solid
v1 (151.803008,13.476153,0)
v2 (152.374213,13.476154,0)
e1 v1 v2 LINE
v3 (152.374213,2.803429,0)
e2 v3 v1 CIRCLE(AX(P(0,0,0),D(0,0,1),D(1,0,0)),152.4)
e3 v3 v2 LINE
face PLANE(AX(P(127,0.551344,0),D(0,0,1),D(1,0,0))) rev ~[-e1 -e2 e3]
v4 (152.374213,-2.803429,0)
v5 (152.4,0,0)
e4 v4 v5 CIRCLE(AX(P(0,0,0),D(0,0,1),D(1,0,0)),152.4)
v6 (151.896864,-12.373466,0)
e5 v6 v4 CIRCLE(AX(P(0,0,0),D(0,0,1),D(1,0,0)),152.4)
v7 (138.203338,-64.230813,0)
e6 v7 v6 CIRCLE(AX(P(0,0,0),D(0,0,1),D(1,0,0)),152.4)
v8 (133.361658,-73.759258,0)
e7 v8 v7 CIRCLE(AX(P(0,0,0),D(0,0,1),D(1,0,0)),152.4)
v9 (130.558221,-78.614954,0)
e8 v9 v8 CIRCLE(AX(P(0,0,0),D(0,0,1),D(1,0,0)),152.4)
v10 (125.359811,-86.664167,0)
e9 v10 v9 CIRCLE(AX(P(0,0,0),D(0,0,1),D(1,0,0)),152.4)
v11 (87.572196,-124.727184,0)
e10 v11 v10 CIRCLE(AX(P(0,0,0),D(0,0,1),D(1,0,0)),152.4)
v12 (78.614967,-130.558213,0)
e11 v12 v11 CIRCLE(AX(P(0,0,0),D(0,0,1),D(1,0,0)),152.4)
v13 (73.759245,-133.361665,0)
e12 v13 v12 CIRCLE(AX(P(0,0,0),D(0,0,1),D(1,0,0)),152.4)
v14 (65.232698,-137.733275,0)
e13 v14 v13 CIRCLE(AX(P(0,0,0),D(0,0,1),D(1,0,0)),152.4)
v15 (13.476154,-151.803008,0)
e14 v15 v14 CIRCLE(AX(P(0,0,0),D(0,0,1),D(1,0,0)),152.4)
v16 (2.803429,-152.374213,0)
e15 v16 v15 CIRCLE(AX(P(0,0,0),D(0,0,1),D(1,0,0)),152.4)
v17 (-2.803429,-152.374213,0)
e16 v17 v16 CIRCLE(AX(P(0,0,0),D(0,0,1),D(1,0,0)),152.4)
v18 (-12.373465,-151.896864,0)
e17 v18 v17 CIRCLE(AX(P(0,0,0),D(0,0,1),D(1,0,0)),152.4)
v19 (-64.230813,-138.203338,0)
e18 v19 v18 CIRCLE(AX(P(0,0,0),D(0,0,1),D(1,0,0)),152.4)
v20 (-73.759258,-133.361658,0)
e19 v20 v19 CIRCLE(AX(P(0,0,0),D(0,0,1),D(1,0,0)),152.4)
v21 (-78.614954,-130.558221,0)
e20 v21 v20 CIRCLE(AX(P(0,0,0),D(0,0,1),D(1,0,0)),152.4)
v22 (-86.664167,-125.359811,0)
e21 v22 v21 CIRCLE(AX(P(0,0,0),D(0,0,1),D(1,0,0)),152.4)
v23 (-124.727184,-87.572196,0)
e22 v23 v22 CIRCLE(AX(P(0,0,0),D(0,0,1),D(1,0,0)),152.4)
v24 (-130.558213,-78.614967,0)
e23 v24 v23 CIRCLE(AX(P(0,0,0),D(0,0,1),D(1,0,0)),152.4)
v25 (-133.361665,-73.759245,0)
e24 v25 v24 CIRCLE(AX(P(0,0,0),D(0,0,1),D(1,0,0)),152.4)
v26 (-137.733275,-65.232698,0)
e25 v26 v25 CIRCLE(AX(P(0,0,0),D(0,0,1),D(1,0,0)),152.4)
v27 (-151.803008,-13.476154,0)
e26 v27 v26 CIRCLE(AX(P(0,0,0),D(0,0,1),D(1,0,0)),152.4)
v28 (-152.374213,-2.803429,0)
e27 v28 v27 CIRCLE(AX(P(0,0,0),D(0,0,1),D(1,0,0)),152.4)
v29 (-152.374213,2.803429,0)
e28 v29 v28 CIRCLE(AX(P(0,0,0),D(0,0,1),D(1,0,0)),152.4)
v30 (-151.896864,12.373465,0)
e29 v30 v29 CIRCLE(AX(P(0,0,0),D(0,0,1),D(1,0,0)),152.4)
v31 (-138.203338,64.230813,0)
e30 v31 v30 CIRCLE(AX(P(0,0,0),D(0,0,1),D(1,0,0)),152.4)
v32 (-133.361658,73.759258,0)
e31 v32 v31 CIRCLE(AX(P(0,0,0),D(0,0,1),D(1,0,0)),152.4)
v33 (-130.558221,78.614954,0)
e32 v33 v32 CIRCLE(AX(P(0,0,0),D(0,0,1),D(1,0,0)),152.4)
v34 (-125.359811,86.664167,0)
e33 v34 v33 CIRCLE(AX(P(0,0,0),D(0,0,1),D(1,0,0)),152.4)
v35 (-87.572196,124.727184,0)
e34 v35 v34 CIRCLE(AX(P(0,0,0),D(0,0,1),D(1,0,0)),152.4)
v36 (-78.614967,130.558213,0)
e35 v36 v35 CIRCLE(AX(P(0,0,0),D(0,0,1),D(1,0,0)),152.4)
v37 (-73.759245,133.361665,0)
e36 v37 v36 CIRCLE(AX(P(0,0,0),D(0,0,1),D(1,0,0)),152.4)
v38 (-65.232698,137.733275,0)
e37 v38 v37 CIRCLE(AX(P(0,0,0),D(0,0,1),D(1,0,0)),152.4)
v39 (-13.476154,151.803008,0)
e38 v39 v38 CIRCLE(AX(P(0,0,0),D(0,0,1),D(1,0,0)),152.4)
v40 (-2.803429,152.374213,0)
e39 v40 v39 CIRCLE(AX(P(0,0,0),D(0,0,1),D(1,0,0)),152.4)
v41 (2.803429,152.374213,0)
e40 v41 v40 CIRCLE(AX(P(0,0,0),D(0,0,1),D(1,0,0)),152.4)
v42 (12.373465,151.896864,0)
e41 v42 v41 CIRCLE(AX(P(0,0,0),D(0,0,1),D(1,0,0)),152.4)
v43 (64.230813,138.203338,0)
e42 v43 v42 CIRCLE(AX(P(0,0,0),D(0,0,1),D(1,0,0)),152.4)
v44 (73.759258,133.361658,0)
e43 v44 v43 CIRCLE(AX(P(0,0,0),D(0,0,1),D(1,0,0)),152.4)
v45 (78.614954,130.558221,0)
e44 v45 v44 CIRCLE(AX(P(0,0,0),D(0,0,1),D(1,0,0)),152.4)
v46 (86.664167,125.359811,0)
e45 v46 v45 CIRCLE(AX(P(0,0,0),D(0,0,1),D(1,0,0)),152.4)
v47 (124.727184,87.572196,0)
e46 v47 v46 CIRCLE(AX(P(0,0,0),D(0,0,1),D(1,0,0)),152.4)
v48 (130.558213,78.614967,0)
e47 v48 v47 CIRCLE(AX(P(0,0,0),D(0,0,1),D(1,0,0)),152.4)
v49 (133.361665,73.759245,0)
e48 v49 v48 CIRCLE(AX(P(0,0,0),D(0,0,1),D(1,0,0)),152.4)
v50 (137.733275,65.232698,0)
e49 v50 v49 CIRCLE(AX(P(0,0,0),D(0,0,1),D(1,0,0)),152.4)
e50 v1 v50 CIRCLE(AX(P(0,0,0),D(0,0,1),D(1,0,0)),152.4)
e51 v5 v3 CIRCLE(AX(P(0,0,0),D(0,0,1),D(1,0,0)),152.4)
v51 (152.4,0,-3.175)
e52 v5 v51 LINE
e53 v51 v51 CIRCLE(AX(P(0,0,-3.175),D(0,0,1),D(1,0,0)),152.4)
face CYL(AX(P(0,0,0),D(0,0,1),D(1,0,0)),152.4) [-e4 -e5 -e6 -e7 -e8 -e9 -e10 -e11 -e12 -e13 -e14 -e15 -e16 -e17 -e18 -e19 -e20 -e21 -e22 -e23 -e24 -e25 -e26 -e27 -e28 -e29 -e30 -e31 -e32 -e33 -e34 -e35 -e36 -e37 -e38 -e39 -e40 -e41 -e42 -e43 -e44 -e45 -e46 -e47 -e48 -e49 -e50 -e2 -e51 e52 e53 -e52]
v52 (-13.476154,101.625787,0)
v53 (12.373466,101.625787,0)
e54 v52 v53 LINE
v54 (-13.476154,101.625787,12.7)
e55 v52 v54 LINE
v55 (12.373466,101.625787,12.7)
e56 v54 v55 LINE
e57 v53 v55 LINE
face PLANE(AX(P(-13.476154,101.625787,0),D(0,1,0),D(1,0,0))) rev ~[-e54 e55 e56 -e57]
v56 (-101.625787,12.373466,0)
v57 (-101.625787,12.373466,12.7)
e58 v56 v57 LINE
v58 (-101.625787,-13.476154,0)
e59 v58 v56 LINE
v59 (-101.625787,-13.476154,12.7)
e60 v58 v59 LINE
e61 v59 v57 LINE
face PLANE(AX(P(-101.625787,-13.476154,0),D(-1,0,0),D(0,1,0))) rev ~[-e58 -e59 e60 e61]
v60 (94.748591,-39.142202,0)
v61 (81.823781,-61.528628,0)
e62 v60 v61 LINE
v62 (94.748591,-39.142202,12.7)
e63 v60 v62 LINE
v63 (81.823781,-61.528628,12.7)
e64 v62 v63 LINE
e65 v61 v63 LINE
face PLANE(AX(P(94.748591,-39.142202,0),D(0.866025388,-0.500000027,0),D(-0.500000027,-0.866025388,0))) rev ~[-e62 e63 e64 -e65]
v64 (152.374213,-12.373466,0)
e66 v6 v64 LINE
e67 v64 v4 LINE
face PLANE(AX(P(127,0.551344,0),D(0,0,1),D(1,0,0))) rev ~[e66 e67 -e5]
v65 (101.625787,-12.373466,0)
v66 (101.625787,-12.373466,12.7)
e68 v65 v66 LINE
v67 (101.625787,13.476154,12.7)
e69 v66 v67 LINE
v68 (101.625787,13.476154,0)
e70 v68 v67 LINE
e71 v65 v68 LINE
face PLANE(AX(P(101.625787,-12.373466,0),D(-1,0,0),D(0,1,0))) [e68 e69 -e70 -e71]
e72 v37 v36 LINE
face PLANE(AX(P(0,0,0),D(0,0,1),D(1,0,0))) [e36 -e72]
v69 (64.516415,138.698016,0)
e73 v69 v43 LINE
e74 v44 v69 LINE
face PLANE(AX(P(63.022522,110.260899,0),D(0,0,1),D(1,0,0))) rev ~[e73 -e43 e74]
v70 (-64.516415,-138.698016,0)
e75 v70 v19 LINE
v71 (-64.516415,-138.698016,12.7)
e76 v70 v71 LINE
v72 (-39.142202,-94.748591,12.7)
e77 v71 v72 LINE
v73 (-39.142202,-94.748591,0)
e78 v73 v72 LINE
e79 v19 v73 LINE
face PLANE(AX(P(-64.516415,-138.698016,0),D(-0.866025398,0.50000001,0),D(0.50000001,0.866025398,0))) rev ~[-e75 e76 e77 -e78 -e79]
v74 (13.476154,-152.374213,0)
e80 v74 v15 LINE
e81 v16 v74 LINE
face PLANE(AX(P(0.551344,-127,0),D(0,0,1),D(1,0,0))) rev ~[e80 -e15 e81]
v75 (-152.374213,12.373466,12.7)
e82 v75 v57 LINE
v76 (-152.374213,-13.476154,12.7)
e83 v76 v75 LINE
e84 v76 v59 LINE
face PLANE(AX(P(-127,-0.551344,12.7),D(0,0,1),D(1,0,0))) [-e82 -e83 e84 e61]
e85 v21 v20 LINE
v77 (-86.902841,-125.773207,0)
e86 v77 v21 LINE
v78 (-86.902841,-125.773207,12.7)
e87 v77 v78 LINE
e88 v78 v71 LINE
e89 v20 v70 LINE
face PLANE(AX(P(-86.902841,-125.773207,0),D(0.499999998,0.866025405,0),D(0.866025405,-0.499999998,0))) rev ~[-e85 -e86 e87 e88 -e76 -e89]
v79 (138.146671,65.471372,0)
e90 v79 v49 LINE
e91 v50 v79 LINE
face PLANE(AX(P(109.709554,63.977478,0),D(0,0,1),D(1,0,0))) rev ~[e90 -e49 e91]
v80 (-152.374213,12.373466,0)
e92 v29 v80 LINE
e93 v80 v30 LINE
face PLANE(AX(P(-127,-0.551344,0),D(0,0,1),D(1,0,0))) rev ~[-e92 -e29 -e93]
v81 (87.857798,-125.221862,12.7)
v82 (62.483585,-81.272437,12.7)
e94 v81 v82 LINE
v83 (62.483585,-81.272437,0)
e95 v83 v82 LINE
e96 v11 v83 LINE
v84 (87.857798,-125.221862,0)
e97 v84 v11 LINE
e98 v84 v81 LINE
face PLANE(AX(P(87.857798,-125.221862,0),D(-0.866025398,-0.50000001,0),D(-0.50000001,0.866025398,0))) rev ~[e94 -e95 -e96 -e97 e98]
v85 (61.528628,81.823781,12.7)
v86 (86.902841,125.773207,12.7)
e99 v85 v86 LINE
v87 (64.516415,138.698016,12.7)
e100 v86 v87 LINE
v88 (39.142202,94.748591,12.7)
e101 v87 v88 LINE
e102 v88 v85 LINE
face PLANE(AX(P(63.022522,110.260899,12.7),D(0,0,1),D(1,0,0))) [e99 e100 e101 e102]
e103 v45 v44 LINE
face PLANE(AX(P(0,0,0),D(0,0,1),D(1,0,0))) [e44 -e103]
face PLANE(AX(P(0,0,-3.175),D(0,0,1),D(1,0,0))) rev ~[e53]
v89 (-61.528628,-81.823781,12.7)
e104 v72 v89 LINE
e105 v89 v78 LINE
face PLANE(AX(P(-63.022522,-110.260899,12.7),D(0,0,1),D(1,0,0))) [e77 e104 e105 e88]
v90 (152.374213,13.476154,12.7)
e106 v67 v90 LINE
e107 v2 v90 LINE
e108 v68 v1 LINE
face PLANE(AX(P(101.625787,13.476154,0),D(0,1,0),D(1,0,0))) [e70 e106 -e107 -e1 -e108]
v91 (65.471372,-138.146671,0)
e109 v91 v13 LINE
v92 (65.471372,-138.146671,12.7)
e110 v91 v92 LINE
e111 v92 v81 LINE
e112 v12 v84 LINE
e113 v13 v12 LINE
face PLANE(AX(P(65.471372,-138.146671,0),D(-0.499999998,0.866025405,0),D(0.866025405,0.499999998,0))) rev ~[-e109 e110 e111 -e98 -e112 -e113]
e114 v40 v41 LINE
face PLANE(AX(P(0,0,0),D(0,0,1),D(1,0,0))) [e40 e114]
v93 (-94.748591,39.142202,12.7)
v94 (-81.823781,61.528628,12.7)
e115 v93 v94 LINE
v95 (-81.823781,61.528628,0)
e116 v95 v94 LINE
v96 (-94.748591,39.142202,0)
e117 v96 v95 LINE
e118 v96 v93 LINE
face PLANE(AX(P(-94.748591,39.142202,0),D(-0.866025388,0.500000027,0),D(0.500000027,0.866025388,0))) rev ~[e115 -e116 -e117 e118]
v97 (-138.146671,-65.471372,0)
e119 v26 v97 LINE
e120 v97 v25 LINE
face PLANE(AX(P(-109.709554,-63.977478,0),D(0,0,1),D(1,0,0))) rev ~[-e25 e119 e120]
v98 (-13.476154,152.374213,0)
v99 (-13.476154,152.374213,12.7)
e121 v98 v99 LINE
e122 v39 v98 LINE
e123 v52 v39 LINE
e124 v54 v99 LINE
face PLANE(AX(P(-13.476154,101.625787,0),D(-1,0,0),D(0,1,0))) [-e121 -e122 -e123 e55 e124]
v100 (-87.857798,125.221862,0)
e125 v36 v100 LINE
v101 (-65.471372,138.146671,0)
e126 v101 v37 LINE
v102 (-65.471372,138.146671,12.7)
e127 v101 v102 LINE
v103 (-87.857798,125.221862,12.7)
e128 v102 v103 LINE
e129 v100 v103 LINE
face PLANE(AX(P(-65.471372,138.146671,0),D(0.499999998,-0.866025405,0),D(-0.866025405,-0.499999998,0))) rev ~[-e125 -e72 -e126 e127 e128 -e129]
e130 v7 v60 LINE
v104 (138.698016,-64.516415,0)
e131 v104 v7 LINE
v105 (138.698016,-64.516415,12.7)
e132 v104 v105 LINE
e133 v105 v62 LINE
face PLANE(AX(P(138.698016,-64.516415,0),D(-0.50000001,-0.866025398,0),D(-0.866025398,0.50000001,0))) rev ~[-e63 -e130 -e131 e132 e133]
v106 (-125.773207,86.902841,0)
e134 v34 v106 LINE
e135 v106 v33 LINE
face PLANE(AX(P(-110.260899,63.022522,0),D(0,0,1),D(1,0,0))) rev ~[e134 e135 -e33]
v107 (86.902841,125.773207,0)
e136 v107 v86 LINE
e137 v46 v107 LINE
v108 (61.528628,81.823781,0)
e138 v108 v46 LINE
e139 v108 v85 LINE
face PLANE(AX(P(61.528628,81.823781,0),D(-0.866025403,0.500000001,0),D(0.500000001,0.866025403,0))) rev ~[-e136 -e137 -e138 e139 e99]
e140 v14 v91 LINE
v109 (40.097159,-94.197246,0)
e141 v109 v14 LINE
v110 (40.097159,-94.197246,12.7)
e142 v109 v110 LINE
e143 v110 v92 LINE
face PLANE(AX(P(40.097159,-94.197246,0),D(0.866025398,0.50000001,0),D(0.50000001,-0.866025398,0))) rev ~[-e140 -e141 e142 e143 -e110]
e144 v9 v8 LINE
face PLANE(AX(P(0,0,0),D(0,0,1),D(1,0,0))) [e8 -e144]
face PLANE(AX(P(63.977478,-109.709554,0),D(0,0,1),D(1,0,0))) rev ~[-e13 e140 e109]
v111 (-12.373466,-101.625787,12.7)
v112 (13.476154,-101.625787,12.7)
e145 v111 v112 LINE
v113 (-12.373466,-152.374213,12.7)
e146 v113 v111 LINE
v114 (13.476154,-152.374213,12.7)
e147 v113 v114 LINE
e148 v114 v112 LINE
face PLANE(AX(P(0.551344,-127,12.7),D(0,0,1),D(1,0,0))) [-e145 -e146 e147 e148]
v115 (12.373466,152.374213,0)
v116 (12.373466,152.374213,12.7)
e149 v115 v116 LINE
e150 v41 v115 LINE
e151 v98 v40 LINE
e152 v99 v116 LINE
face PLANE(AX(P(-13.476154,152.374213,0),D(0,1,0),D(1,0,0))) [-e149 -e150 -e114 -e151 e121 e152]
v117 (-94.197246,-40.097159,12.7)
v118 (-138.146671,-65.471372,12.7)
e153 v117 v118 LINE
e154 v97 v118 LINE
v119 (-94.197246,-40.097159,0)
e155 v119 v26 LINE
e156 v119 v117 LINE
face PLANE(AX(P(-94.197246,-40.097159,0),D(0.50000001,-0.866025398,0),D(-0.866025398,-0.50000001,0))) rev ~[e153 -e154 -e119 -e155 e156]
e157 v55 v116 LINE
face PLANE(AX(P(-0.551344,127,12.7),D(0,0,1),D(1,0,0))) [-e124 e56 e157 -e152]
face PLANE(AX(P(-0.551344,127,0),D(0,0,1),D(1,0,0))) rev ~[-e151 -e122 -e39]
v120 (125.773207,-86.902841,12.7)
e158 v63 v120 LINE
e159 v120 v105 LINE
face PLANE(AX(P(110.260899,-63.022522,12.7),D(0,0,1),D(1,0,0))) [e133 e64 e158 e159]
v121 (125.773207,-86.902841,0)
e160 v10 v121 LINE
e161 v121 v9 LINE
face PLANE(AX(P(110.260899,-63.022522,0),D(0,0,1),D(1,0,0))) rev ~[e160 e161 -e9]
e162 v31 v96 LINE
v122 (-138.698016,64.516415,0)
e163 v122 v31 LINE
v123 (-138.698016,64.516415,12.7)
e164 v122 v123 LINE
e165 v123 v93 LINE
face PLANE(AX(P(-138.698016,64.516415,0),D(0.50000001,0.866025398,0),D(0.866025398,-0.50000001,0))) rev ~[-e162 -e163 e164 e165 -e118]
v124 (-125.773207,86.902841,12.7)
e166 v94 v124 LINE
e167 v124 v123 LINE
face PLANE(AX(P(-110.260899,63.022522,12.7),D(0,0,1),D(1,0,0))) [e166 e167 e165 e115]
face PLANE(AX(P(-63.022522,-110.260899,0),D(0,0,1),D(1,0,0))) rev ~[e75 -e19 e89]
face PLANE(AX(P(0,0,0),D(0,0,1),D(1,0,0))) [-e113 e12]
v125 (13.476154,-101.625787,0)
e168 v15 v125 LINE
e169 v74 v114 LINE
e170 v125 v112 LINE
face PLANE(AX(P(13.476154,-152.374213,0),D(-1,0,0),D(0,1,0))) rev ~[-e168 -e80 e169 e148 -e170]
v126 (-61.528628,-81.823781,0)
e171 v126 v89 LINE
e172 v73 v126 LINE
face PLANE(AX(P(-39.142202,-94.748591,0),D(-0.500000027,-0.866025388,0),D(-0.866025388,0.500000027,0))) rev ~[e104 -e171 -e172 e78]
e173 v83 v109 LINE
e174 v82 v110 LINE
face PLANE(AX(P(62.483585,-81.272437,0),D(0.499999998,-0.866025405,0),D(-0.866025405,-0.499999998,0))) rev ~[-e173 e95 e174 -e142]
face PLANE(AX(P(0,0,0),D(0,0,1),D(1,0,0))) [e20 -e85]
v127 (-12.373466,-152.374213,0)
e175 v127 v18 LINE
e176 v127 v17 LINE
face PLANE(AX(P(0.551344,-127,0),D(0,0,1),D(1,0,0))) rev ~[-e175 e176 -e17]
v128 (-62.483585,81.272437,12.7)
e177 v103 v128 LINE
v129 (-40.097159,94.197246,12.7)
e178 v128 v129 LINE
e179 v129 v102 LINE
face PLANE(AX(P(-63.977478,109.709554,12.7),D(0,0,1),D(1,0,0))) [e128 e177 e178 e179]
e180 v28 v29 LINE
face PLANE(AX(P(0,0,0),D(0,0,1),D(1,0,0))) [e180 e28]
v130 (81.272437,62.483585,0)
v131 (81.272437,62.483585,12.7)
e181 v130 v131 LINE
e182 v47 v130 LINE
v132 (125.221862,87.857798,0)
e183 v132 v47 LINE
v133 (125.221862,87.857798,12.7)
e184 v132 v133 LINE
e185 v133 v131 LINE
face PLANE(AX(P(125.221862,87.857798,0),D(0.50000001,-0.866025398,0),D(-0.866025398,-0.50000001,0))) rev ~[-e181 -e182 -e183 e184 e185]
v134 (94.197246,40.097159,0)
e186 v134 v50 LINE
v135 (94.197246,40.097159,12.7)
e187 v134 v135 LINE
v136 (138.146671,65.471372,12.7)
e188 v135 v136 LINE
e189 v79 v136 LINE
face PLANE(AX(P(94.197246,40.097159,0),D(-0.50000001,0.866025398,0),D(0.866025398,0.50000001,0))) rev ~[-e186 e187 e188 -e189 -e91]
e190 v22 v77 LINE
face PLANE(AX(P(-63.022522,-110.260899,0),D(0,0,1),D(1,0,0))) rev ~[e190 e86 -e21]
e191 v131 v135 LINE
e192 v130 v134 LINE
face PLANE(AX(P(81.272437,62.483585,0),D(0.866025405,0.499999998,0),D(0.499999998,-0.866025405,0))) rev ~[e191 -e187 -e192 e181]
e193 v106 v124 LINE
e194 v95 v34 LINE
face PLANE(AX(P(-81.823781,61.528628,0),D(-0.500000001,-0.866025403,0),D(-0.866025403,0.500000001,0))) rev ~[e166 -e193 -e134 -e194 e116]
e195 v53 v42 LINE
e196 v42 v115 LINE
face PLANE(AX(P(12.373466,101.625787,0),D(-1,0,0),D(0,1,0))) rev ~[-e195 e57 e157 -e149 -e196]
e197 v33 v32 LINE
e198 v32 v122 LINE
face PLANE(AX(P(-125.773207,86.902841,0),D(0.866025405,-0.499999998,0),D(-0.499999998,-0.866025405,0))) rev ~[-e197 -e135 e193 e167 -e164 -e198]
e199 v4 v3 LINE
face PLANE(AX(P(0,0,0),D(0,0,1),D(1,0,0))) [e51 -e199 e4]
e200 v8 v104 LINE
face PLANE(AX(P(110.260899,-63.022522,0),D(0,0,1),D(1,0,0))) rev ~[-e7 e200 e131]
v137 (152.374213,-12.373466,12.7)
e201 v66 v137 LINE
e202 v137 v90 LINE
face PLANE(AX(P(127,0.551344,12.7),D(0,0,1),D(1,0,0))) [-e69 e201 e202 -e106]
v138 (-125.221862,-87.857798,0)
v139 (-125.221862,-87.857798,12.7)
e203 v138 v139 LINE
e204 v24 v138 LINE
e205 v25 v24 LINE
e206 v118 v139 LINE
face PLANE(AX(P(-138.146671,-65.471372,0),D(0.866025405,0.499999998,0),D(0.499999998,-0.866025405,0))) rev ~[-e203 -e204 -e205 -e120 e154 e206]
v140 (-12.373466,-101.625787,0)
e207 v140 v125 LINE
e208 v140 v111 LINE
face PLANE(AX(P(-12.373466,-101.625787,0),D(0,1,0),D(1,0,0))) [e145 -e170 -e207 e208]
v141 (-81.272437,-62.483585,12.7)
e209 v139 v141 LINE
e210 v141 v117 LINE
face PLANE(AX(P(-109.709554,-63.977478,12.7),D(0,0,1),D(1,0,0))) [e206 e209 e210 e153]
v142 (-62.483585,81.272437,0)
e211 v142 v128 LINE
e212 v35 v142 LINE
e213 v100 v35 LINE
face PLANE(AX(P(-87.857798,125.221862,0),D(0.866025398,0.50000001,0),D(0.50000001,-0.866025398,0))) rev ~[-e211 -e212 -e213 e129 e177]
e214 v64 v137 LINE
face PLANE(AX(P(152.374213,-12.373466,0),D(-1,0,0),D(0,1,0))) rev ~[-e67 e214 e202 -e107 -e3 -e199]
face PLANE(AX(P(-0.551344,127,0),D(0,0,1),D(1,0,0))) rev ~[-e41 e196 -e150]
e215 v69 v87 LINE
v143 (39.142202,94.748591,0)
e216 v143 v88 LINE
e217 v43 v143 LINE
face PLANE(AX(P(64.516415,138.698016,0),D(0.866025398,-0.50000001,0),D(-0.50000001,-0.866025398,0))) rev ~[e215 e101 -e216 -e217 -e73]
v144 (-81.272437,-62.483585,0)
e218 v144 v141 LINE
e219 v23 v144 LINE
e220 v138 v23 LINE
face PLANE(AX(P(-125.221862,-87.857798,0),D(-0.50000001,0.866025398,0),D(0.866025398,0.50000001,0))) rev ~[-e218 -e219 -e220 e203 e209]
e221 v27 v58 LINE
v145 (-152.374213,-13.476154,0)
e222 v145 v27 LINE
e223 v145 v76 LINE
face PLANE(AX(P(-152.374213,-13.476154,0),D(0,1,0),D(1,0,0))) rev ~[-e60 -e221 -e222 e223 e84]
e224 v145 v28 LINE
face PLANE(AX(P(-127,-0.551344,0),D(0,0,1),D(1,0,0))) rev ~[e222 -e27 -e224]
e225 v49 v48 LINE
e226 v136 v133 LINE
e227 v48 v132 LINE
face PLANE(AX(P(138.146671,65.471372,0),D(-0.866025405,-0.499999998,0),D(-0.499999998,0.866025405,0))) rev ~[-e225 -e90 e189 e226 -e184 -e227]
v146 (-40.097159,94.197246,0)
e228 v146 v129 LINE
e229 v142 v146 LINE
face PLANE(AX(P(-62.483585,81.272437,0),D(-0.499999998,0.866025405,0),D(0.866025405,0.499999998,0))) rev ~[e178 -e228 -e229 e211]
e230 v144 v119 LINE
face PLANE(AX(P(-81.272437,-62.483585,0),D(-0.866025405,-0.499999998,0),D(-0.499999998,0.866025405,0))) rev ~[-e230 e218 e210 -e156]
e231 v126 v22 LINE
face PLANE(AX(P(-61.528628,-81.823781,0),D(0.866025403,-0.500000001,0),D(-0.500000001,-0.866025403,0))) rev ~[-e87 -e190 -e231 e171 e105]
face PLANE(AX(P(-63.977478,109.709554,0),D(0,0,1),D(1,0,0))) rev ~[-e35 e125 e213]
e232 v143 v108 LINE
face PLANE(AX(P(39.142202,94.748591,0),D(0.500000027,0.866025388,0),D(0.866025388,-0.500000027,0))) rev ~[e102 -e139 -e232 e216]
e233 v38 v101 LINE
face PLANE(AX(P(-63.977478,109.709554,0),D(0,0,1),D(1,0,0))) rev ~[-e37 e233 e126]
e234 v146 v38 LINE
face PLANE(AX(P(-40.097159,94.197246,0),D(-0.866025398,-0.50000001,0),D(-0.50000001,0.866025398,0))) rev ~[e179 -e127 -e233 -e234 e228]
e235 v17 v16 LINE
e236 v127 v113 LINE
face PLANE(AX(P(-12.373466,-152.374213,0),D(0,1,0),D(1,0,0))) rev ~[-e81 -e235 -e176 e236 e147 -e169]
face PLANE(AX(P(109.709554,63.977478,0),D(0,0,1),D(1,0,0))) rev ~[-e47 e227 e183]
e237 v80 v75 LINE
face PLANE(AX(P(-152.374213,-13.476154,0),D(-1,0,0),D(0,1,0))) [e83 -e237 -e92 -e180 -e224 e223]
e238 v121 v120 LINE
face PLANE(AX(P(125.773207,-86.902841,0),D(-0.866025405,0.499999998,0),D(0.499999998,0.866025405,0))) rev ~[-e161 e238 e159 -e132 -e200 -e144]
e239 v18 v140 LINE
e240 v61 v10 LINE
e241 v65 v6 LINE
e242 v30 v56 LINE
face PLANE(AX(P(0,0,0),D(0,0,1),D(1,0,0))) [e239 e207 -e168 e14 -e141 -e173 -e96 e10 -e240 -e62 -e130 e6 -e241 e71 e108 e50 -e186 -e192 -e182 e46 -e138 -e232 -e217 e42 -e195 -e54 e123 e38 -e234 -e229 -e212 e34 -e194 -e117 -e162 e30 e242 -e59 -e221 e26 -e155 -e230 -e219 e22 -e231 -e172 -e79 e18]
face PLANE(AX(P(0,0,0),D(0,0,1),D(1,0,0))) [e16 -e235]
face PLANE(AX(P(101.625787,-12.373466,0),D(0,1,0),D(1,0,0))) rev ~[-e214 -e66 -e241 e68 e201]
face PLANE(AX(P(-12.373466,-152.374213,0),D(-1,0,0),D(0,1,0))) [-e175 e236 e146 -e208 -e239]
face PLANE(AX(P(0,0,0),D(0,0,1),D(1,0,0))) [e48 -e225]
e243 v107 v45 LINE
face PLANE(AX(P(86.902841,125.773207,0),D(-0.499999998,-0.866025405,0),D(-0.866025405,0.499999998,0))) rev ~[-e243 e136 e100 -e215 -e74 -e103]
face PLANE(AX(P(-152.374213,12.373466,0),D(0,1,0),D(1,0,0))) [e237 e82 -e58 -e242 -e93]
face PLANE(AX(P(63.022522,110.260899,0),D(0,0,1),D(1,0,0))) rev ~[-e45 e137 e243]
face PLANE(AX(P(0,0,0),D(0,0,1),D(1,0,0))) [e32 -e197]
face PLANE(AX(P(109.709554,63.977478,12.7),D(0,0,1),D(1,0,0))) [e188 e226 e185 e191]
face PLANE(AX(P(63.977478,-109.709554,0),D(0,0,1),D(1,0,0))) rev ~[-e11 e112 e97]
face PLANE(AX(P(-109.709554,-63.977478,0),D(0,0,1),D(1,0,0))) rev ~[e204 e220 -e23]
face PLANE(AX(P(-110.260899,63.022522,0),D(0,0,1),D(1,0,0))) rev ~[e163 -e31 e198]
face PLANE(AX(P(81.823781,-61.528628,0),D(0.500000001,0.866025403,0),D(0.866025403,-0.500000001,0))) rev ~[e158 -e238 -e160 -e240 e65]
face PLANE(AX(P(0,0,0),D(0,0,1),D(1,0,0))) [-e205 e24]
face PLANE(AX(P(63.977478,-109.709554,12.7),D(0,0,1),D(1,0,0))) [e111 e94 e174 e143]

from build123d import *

# Parameters (mm, degrees)
F0_W     = 25.849619
F0_H     = 50.748426
F0_W_2   = 50.748426
F0_H_2   = 25.849619
F1_DEPTH = 12.7
F2_R     = 152.4
F3_DEPTH = 3.175


with BuildPart() as f1:
    # F0 (on Top) → F1 (new body)
    with BuildSketch(Plane.XY):
        with Locations((-0.551344, 127)):
            Rectangle(F0_W, F0_H)
        Polygon((-40.097159, 94.197246), (-65.471372, 138.146671), (-87.857798, 125.221862), (-62.483585, 81.272437), align=None)
        Polygon((-81.823781, 61.528628), (-125.773207, 86.902841), (-138.698016, 64.516415), (-94.748591, 39.142202), align=None)
        with Locations((-127, -0.551344)):
            Rectangle(F0_W_2, F0_H_2)
        Polygon((-94.197246, -40.097159), (-138.146671, -65.471372), (-125.221862, -87.857798), (-81.272437, -62.483585), align=None)
        Polygon((-61.528628, -81.823781), (-86.902841, -125.773207), (-64.516415, -138.698016), (-39.142202, -94.748591), align=None)
        with Locations((0.551344, -127)):
            Rectangle(F0_W, F0_H)
        Polygon((40.097159, -94.197246), (65.471372, -138.146671), (87.857798, -125.221862), (62.483585, -81.272437), align=None)
        Polygon((81.823781, -61.528628), (125.773207, -86.902841), (138.698016, -64.516415), (94.748591, -39.142202), align=None)
        with Locations((127, 0.551344)):
            Rectangle(F0_W_2, F0_H_2)
        Polygon((94.197246, 40.097159), (138.146671, 65.471372), (125.221862, 87.857798), (81.272437, 62.483585), align=None)
        Polygon((61.528628, 81.823781), (86.902841, 125.773207), (64.516415, 138.698016), (39.142202, 94.748591), align=None)
    extrude(amount=F1_DEPTH)

    # F2 (on Top) → F3 (join)
    with BuildSketch(Plane.XY):
        Circle(F2_R)
    extrude(amount=-F3_DEPTH)


solid = f1.part
